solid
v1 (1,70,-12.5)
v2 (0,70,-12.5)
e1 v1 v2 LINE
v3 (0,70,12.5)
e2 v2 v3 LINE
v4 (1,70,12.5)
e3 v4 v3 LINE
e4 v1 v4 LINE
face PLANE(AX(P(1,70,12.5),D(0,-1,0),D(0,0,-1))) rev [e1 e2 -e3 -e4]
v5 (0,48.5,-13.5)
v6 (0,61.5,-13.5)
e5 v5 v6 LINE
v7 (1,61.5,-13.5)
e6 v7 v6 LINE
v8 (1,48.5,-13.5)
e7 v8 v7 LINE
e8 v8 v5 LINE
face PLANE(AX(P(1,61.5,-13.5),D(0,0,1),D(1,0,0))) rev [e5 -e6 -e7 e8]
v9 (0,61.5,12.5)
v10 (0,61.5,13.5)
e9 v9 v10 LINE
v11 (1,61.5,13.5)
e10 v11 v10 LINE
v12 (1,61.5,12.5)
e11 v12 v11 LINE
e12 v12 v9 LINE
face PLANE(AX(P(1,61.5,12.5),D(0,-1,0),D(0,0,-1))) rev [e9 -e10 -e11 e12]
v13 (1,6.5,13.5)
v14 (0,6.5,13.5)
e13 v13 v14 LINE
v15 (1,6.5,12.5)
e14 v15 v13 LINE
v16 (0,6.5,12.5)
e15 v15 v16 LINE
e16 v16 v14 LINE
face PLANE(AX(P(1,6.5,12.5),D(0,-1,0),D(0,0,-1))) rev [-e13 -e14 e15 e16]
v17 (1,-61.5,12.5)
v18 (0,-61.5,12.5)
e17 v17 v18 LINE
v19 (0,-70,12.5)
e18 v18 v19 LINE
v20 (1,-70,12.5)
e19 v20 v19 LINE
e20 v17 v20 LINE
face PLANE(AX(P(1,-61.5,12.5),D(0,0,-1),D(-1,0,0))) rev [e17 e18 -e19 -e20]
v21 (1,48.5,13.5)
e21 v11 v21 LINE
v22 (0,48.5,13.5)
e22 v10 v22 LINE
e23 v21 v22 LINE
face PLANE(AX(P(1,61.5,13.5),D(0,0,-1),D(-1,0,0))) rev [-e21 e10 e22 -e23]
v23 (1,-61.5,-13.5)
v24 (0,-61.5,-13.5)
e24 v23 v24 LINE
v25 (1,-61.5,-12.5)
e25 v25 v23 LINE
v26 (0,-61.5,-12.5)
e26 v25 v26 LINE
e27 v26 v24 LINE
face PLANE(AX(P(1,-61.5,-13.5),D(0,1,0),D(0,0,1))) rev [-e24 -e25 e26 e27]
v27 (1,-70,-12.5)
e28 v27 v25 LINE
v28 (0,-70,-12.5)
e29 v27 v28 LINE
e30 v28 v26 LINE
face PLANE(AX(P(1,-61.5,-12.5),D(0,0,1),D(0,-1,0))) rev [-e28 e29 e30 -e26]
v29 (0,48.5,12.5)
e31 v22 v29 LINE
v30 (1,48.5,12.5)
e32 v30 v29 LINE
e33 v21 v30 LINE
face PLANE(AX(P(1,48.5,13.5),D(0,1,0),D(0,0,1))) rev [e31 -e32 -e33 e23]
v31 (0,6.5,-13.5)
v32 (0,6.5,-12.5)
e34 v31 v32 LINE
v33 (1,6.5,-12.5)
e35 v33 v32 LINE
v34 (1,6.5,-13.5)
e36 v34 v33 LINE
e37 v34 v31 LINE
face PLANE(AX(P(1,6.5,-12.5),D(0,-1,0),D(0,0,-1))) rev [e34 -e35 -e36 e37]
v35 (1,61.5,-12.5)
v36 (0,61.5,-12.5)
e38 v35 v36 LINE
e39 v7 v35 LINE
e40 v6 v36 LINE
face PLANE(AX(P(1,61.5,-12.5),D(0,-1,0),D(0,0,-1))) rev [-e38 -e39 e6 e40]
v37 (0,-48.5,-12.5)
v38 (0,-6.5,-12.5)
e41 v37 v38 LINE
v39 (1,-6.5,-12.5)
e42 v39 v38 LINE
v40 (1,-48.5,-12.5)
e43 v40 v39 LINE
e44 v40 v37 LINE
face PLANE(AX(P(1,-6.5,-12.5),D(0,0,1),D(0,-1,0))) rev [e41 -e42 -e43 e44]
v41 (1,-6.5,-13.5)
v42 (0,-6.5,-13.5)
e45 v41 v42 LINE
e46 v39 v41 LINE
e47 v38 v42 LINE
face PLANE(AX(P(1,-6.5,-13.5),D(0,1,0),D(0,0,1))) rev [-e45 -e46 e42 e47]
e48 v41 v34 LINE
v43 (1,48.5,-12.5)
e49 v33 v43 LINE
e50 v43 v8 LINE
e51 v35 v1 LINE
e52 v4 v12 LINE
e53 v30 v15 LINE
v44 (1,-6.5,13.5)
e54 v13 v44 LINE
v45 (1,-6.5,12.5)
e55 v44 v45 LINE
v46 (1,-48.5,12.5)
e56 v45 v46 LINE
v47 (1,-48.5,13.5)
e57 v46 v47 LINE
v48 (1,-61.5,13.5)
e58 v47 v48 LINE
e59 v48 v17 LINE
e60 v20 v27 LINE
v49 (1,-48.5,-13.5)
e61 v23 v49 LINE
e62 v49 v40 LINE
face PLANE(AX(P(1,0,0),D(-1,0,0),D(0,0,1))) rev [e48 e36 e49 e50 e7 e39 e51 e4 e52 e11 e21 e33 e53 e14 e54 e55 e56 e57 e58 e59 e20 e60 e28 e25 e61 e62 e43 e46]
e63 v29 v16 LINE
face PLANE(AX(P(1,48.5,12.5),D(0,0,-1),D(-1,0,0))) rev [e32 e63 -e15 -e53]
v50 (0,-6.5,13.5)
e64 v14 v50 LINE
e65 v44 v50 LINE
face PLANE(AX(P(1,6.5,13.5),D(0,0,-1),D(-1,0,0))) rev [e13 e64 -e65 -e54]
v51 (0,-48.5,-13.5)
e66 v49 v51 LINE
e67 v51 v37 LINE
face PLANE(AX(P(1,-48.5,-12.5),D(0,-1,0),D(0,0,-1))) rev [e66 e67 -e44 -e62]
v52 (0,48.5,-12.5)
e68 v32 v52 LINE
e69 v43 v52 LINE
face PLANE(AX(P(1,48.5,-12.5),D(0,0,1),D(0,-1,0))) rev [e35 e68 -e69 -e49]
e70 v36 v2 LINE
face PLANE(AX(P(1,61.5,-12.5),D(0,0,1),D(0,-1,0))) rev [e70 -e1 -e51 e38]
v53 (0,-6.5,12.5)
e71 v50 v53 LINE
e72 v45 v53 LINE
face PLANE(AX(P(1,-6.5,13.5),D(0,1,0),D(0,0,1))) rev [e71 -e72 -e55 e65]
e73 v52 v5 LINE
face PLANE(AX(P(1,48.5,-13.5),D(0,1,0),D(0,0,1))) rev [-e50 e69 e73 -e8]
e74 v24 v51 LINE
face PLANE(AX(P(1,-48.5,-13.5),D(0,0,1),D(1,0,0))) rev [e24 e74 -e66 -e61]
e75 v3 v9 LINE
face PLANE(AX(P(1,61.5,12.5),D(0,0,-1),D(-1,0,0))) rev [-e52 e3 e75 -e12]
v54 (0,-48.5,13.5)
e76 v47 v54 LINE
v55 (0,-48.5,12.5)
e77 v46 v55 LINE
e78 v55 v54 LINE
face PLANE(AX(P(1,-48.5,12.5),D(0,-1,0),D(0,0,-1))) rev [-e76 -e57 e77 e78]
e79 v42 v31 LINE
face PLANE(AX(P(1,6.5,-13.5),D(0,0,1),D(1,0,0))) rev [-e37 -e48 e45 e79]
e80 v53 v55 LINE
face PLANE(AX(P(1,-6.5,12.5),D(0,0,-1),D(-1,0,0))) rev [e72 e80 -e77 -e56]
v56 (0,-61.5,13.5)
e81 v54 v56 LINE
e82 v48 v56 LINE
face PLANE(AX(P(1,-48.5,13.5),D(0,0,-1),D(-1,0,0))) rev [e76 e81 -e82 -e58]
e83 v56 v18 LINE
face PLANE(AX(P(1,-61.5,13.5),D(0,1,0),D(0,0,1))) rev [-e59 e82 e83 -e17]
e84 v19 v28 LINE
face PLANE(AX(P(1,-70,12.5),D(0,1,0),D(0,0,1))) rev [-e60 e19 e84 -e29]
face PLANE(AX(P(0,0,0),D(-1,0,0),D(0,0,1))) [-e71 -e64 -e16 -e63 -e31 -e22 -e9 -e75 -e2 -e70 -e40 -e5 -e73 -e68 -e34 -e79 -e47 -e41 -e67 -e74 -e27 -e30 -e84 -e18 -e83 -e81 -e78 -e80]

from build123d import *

# Parameters (mm, degrees)
BOSS_EXTRUDE1_DEPTH = 1


with BuildPart() as part:
    # Sketch1 → Boss-Extrude1 (new body)
    with BuildSketch(Plane(origin=(0, 0, 0), x_dir=(0, 0, -1), z_dir=(1, 0, 0))):
        Polygon((-12.5, 61.5), (-13.5, 61.5), (-13.5, 48.5), (-12.5, 48.5), (-12.5, 6.5), (-13.5, 6.5), (-13.5, -6.5), (-12.5, -6.5), (-12.5, -48.5), (-13.5, -48.5), (-13.5, -61.5), (-12.5, -61.5), (-12.5, -70), (12.5, -70), (12.5, -61.5), (13.5, -61.5), (13.5, -48.5), (12.5, -48.5), (12.5, -6.5), (13.5, -6.5), (13.5, 6.5), (12.5, 6.5), (12.5, 48.5), (13.5, 48.5), (13.5, 61.5), (12.5, 61.5), (12.5, 70), (-12.5, 70), align=None)
    extrude(amount=BOSS_EXTRUDE1_DEPTH)


solid = part.part
